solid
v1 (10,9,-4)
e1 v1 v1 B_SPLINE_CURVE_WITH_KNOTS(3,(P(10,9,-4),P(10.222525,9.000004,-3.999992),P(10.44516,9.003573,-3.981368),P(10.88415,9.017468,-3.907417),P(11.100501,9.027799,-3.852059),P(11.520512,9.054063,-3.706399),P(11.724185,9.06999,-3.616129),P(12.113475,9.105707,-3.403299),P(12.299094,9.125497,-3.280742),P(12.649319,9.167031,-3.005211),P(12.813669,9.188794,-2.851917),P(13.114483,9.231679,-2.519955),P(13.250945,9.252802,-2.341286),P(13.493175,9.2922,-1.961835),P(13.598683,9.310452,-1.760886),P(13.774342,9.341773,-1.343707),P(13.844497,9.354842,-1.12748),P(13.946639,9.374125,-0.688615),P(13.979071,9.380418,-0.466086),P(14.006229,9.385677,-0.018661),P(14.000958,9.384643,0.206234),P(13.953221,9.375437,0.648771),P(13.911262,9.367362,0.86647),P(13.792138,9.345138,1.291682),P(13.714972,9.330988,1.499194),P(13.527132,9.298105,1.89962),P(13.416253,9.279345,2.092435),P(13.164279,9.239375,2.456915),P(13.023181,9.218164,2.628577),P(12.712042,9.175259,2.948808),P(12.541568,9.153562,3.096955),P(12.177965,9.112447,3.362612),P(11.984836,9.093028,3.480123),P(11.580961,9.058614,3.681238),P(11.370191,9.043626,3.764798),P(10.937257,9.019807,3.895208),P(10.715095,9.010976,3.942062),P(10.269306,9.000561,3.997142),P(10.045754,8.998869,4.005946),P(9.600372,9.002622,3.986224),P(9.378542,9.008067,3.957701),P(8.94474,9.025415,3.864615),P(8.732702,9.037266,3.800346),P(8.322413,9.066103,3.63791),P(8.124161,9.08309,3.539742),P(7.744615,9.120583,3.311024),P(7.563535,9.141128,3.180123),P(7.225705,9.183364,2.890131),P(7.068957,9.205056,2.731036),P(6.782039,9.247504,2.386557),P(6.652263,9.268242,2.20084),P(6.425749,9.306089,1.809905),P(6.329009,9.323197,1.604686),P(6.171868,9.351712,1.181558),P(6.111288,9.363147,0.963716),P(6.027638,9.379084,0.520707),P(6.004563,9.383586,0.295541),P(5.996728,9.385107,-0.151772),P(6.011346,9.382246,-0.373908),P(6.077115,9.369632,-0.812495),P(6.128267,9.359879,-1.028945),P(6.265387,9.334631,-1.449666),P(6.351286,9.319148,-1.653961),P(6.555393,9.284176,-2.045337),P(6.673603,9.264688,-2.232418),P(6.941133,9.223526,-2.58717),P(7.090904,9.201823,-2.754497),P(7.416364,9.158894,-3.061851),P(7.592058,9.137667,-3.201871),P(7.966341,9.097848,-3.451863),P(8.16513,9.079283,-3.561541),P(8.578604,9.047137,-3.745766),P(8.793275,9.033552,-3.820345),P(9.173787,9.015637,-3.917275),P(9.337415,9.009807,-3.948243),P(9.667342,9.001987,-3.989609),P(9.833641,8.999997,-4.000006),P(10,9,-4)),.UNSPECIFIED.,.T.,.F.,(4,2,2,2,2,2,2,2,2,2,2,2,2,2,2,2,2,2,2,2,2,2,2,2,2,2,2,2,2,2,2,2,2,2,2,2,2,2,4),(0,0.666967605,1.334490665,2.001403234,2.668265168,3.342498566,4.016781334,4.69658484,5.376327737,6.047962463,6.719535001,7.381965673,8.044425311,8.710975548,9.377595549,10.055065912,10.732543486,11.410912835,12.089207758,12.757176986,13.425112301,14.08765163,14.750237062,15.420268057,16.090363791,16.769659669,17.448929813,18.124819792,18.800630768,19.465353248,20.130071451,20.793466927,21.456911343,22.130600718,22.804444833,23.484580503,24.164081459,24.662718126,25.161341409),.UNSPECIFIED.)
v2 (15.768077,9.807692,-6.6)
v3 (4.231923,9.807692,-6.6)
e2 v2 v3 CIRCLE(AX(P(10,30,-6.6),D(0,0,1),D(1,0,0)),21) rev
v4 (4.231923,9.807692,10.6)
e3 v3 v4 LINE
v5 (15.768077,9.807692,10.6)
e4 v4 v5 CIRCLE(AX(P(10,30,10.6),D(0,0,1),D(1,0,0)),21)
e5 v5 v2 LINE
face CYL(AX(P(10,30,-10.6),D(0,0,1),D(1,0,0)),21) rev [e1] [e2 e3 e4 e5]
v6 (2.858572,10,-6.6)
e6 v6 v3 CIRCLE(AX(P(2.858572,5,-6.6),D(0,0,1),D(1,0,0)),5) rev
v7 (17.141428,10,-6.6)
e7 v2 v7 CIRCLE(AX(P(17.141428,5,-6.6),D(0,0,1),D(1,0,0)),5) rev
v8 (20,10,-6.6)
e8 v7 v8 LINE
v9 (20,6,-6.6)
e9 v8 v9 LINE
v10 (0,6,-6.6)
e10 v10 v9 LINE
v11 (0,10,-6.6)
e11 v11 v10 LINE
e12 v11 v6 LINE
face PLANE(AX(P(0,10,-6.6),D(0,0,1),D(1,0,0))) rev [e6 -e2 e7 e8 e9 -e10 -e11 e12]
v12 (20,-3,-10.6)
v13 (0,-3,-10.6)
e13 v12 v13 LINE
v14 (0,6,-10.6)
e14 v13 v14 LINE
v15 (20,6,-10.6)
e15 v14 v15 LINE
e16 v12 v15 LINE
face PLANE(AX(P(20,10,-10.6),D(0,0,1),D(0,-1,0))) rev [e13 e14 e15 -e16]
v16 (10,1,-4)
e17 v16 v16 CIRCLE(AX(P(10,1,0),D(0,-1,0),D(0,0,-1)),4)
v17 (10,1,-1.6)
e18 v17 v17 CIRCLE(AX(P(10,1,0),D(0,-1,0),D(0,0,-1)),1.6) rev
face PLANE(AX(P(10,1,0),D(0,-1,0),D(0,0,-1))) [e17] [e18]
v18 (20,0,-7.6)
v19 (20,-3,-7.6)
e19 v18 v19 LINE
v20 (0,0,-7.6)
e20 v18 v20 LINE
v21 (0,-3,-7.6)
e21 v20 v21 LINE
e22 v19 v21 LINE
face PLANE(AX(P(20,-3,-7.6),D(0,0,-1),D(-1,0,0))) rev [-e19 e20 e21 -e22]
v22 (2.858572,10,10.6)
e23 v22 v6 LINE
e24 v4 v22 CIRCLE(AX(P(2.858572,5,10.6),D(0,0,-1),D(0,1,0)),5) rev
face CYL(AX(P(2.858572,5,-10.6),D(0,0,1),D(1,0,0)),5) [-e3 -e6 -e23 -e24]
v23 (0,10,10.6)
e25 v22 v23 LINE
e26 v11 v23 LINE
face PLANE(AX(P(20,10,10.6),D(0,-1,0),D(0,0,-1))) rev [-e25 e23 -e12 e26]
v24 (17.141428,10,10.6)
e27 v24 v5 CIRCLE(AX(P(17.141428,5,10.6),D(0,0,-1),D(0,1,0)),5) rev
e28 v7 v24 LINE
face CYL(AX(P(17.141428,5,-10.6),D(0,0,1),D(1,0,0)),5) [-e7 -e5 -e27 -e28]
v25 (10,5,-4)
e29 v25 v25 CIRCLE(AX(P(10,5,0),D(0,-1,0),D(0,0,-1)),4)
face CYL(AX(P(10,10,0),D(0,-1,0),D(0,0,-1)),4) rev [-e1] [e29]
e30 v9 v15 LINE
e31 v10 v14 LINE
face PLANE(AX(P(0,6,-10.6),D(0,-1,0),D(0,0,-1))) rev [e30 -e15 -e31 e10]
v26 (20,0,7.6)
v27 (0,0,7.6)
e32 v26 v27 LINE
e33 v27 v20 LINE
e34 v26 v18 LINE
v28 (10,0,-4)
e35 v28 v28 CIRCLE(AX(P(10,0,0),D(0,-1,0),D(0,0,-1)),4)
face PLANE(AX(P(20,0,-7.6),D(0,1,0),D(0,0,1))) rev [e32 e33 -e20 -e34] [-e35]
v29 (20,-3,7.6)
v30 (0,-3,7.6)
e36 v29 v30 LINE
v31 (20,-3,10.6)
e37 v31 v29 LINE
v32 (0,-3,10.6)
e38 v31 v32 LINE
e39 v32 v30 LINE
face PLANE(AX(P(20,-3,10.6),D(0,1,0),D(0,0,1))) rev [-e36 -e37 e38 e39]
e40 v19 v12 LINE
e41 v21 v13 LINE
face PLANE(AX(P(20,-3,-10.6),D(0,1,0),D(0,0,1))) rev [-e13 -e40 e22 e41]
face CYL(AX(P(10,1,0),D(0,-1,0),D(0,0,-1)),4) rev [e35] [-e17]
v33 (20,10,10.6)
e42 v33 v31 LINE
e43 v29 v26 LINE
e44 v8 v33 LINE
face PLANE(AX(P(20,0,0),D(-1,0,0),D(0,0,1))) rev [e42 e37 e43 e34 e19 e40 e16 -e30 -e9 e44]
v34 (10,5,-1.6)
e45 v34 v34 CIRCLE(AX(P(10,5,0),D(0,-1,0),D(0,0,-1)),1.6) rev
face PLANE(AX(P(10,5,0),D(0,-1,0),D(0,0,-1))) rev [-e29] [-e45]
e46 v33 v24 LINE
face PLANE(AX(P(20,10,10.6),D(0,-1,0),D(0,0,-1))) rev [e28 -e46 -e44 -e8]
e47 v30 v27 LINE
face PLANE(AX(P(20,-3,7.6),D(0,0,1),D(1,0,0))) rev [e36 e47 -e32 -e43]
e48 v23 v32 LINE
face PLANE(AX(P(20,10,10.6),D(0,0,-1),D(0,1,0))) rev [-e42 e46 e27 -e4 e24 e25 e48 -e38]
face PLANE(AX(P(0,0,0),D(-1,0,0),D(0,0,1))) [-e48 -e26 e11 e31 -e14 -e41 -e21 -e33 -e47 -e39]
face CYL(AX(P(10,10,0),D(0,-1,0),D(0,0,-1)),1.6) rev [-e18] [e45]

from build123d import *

# Parameters (mm, degrees)
EXTRUDE_1_DEPTH     = 20
SKETCH_2_R          = 21
CUT_EXTRUDE_1_DEPTH = 31.812984276
SKETCH_3_R          = 1.6
CUT_EXTRUDE_2_DEPTH = 25.745908753
SKETCH_4_R          = 4
CUT_EXTRUDE_3_DEPTH = 25.007498873
FILLET_1_R          = 5
SKETCH_5_W          = 4
SKETCH_5_H          = 4
CUT_EXTRUDE_4_DEPTH = 25.745908796
SKETCH_6_R          = 4
CUT_EXTRUDE_5_DEPTH = 1


with BuildPart() as part:
    # 草图1 → 凸台-拉伸1 (new body)
    with BuildSketch(Plane(origin=(0, 0, 0), x_dir=(0, 0, -1), z_dir=(1, 0, 0))):
        Polygon((-10.6, 10), (10.6, 10), (10.6, -3), (7.6, -3), (7.6, 0), (-7.6, 0), (-7.6, -3), (-10.6, -3), align=None)
    extrude(amount=EXTRUDE_1_DEPTH)

    # 草图2 → 切除-拉伸1 (cut, through all)
    with BuildSketch(Plane.XY.offset(10.6)):
        with Locations((10, 30)):
            Circle(SKETCH_2_R)
    extrude(amount=-CUT_EXTRUDE_1_DEPTH, mode=Mode.SUBTRACT)

    # 草图3 → 切除-拉伸2 (cut, through all)
    with BuildSketch(Plane.XZ):
        with Locations(Location((10, 0, 0), (0, 0, 270))):
            Circle(SKETCH_3_R)
    extrude(amount=-CUT_EXTRUDE_2_DEPTH, mode=Mode.SUBTRACT)

    # 草图4 → 切除-拉伸3 (cut, through all)
    with BuildSketch(Plane(origin=(0, 5, 0), x_dir=(-1, 0, 0), z_dir=(0, -1, 0))):
        with Locations(Location((-10, 0, 0), (0, 0, 90))):
            Circle(SKETCH_4_R)
    extrude(amount=-CUT_EXTRUDE_3_DEPTH, mode=Mode.SUBTRACT)

    # 圆角1
    fillet_1_edges = [part.edges().sort_by_distance(p)[0] for p in [
        (16.403124237, 10, 0),
        (3.596875763, 10, 0),
    ]]
    fillet(fillet_1_edges, radius=FILLET_1_R)

    # 草图5 → 切除-拉伸4 (cut, through all)
    with BuildSketch(Plane(origin=(20, 0, 0), x_dir=(0, 0, -1), z_dir=(1, 0, 0))):
        with Locations((8.6, 8)):
            Rectangle(SKETCH_5_W, SKETCH_5_H)
    extrude(amount=-CUT_EXTRUDE_4_DEPTH, mode=Mode.SUBTRACT)

    # 草图6 → 切除-拉伸5 (cut)
    with BuildSketch(Plane.XZ):
        with Locations(Location((10, 0, 0), (0, 0, 270))):
            Circle(SKETCH_6_R)
    extrude(amount=-CUT_EXTRUDE_5_DEPTH, mode=Mode.SUBTRACT)


solid = part.part
